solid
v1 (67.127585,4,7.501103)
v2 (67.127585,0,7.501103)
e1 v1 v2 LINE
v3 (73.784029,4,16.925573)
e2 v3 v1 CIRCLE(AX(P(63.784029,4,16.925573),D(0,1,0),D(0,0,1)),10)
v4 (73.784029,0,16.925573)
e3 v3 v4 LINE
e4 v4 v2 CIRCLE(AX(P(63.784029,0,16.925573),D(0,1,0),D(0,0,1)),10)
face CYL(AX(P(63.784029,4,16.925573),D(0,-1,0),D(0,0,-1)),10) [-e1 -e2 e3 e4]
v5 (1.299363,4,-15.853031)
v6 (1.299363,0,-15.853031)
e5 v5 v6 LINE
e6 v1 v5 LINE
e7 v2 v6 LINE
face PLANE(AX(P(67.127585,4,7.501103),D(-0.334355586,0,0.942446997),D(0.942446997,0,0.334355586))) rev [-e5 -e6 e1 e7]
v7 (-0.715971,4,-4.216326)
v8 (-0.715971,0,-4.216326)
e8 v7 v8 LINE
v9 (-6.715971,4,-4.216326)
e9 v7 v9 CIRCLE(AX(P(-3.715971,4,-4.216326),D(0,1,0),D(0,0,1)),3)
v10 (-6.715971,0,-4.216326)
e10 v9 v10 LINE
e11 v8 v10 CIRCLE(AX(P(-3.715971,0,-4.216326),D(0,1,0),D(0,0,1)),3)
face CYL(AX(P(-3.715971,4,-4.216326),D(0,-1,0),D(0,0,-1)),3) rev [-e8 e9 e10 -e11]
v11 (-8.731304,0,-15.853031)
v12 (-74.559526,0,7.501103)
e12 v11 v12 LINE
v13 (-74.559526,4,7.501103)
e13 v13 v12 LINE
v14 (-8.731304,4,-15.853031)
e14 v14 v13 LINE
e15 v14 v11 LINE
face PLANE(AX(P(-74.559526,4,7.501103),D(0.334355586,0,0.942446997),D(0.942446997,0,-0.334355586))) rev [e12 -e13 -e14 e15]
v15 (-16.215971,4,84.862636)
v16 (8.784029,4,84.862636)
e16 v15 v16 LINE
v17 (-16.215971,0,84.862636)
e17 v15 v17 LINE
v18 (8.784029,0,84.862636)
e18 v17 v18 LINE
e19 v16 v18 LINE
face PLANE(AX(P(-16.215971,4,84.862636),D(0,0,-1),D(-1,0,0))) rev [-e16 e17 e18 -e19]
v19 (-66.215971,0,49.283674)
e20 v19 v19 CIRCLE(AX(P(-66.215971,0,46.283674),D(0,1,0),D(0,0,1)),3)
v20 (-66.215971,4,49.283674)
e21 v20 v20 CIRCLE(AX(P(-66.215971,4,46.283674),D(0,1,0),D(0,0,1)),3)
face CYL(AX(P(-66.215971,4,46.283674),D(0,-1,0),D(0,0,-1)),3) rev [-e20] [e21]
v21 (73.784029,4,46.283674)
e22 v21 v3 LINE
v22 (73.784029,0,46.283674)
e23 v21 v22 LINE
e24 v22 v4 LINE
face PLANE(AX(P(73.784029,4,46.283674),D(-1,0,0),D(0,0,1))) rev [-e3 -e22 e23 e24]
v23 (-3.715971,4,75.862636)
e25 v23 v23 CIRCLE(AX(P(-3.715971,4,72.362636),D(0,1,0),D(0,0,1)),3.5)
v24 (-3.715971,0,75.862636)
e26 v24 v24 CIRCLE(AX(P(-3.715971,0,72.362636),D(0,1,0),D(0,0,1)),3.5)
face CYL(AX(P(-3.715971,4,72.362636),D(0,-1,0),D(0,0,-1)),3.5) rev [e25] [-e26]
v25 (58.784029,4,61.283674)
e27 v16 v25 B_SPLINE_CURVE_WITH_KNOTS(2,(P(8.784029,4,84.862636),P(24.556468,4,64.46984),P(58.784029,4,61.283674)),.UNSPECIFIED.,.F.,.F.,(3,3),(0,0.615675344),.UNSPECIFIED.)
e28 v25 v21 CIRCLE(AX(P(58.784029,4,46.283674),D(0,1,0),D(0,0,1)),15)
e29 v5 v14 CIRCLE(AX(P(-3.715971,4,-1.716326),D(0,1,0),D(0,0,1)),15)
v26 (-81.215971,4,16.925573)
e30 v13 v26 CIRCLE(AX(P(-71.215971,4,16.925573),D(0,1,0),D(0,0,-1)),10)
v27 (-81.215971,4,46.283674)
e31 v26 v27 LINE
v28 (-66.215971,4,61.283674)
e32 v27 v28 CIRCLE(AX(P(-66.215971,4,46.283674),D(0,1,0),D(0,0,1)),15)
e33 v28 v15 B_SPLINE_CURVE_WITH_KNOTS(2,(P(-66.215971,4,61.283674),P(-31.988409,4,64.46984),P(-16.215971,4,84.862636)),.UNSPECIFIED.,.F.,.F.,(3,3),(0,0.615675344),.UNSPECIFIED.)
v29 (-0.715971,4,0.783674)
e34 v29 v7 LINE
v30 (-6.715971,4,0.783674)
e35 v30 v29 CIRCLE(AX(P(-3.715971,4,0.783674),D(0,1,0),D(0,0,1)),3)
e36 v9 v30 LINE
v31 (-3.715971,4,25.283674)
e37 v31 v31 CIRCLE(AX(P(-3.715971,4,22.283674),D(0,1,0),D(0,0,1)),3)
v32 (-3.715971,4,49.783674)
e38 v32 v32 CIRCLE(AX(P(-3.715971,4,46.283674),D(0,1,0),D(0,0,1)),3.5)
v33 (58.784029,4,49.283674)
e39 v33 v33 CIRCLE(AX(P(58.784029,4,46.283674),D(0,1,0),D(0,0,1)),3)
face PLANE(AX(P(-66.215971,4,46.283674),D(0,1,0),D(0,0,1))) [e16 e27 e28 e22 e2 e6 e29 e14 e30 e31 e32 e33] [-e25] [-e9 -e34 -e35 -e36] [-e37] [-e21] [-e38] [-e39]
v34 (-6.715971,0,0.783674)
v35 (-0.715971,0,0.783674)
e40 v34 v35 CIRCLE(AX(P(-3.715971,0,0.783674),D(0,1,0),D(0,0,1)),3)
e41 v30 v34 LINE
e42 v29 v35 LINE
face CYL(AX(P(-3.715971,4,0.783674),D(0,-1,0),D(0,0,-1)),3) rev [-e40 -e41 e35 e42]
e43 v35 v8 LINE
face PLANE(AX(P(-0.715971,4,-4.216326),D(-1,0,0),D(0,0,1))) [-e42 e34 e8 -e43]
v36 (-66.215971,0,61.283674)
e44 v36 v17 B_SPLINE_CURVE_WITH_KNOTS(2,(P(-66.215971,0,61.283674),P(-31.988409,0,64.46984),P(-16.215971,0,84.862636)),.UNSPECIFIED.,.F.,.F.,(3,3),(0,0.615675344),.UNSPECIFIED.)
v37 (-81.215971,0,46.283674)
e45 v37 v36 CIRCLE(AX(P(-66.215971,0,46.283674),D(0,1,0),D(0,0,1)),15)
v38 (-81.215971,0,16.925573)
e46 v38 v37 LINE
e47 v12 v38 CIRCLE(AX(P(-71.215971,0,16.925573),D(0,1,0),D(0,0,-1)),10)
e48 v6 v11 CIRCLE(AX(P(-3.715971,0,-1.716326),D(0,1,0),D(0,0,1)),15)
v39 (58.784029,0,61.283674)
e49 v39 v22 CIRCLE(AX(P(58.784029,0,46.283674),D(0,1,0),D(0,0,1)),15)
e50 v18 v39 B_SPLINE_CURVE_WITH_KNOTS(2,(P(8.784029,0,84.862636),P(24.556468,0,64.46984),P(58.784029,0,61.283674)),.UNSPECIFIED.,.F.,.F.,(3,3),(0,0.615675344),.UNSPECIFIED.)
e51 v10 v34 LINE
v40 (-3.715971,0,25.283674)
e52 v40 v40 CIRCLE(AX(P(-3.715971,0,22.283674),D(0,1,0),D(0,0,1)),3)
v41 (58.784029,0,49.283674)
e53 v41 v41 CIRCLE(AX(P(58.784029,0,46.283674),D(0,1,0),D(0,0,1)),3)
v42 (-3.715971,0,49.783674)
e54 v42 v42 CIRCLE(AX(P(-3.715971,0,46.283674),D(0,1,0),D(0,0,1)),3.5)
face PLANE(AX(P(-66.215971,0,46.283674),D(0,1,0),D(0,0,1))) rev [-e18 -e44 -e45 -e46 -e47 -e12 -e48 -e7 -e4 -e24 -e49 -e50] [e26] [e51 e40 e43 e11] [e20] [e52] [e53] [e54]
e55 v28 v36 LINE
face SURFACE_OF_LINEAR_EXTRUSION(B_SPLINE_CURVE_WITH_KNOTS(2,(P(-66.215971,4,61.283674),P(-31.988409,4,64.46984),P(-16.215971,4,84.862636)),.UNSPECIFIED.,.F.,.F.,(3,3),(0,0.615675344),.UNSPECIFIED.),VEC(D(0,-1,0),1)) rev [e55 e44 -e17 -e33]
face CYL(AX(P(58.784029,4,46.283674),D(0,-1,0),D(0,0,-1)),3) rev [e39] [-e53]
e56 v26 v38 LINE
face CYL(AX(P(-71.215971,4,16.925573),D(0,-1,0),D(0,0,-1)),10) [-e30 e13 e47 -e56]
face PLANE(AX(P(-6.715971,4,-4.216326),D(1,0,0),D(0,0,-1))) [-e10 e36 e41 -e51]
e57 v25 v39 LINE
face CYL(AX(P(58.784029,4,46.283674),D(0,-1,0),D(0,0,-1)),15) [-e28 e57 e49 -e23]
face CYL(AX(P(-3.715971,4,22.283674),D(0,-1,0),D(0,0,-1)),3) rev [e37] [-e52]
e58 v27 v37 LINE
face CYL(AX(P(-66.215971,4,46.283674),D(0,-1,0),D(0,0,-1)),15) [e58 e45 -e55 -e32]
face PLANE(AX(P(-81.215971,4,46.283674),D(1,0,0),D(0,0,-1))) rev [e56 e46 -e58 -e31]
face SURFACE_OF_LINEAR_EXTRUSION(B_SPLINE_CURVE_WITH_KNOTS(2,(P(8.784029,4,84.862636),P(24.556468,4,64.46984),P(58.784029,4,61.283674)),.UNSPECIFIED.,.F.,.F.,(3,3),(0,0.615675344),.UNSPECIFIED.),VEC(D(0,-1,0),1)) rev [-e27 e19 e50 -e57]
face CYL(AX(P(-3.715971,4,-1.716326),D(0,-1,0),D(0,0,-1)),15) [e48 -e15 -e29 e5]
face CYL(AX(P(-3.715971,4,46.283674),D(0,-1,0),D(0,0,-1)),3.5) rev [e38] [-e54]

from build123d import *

# Parameters (mm, degrees)
SKETCH2_R              = 3
SKETCH2_R_2            = 3.5
MAINPLATEEXTRUDE_DEPTH = 4


with BuildPart() as part:
    # Sketch2 → MainPlateExtrude (new body)
    with BuildSketch(Plane(origin=(0, 0, 0), x_dir=(1, 0, 0), z_dir=(0, 1, 0))):
        with BuildLine():
            Line((-81.215970545, -46.28367362), (-81.215970545, -16.925572983))
            ThreePointArc((-81.215970545, -16.925572983), (-79.384065752, -11.156498475), (-74.559526408, -7.501103014))
            Line((-74.559526408, -7.501103014), (-8.731304339, 15.853031333))
            ThreePointArc((-8.731304339, 15.853031333), (-3.715970545, 16.71632638), (1.299363248, 15.853031333))
            Line((1.299363248, 15.853031333), (67.127585317, -7.501103014))
            ThreePointArc((67.127585317, -7.501103014), (71.952124662, -11.156498475), (73.784029455, -16.925572983))
            Line((73.784029455, -16.925572983), (73.784029455, -46.28367362))
            ThreePointArc((73.784029455, -46.28367362), (69.390631173, -56.890275338), (58.784029455, -61.28367362))
            add(Edge.make_bspline(
                [(58.784029455, -61.28367362), (24.556467528, -64.469839896), (8.784029455, -84.862635588)],
                knots=[0, 0, 0, 0.615675344, 0.615675344, 0.615675344], degree=2))
            Line((8.784029455, -84.862635588), (-16.215970545, -84.862635588))
            add(Edge.make_bspline(
                [(-66.215970545, -61.28367362), (-31.988408619, -64.469839896), (-16.215970545, -84.862635588)],
                knots=[0, 0, 0, 0.615675344, 0.615675344, 0.615675344], degree=2))
            ThreePointArc((-66.215970545, -61.28367362), (-76.822572263, -56.890275338), (-81.215970545, -46.28367362))
        make_face()
        with Locations(Location((-66.215970545, -46.28367362, 0), (0, 0, 270))):
            Circle(SKETCH2_R, mode=Mode.SUBTRACT)
        with Locations(Location((58.784029455, -46.28367362, 0), (0, 0, 270))):
            Circle(SKETCH2_R, mode=Mode.SUBTRACT)
        with Locations(Location((-3.715970545, -46.28367362, 0), (0, 0, 270))):
            Circle(SKETCH2_R_2, mode=Mode.SUBTRACT)
        with Locations(Location((-3.715970545, -72.362635588, 0), (0, 0, 270))):
            Circle(SKETCH2_R_2, mode=Mode.SUBTRACT)
        with Locations(Location((-3.715970545, -22.28367362, 0), (0, 0, 270))):
            Circle(SKETCH2_R, mode=Mode.SUBTRACT)
        with BuildLine():
            Line((-0.715970545, 4.21632638), (-0.715970545, -0.78367362))
            ThreePointArc((-0.715970545, -0.78367362), (-3.715970545, -3.78367362), (-6.715970545, -0.78367362))
            Line((-6.715970545, -0.78367362), (-6.715970545, 4.21632638))
            ThreePointArc((-6.715970545, 4.21632638), (-3.715970545, 7.21632638), (-0.715970545, 4.21632638))
        make_face(mode=Mode.SUBTRACT)
    extrude(amount=MAINPLATEEXTRUDE_DEPTH)


solid = part.part
